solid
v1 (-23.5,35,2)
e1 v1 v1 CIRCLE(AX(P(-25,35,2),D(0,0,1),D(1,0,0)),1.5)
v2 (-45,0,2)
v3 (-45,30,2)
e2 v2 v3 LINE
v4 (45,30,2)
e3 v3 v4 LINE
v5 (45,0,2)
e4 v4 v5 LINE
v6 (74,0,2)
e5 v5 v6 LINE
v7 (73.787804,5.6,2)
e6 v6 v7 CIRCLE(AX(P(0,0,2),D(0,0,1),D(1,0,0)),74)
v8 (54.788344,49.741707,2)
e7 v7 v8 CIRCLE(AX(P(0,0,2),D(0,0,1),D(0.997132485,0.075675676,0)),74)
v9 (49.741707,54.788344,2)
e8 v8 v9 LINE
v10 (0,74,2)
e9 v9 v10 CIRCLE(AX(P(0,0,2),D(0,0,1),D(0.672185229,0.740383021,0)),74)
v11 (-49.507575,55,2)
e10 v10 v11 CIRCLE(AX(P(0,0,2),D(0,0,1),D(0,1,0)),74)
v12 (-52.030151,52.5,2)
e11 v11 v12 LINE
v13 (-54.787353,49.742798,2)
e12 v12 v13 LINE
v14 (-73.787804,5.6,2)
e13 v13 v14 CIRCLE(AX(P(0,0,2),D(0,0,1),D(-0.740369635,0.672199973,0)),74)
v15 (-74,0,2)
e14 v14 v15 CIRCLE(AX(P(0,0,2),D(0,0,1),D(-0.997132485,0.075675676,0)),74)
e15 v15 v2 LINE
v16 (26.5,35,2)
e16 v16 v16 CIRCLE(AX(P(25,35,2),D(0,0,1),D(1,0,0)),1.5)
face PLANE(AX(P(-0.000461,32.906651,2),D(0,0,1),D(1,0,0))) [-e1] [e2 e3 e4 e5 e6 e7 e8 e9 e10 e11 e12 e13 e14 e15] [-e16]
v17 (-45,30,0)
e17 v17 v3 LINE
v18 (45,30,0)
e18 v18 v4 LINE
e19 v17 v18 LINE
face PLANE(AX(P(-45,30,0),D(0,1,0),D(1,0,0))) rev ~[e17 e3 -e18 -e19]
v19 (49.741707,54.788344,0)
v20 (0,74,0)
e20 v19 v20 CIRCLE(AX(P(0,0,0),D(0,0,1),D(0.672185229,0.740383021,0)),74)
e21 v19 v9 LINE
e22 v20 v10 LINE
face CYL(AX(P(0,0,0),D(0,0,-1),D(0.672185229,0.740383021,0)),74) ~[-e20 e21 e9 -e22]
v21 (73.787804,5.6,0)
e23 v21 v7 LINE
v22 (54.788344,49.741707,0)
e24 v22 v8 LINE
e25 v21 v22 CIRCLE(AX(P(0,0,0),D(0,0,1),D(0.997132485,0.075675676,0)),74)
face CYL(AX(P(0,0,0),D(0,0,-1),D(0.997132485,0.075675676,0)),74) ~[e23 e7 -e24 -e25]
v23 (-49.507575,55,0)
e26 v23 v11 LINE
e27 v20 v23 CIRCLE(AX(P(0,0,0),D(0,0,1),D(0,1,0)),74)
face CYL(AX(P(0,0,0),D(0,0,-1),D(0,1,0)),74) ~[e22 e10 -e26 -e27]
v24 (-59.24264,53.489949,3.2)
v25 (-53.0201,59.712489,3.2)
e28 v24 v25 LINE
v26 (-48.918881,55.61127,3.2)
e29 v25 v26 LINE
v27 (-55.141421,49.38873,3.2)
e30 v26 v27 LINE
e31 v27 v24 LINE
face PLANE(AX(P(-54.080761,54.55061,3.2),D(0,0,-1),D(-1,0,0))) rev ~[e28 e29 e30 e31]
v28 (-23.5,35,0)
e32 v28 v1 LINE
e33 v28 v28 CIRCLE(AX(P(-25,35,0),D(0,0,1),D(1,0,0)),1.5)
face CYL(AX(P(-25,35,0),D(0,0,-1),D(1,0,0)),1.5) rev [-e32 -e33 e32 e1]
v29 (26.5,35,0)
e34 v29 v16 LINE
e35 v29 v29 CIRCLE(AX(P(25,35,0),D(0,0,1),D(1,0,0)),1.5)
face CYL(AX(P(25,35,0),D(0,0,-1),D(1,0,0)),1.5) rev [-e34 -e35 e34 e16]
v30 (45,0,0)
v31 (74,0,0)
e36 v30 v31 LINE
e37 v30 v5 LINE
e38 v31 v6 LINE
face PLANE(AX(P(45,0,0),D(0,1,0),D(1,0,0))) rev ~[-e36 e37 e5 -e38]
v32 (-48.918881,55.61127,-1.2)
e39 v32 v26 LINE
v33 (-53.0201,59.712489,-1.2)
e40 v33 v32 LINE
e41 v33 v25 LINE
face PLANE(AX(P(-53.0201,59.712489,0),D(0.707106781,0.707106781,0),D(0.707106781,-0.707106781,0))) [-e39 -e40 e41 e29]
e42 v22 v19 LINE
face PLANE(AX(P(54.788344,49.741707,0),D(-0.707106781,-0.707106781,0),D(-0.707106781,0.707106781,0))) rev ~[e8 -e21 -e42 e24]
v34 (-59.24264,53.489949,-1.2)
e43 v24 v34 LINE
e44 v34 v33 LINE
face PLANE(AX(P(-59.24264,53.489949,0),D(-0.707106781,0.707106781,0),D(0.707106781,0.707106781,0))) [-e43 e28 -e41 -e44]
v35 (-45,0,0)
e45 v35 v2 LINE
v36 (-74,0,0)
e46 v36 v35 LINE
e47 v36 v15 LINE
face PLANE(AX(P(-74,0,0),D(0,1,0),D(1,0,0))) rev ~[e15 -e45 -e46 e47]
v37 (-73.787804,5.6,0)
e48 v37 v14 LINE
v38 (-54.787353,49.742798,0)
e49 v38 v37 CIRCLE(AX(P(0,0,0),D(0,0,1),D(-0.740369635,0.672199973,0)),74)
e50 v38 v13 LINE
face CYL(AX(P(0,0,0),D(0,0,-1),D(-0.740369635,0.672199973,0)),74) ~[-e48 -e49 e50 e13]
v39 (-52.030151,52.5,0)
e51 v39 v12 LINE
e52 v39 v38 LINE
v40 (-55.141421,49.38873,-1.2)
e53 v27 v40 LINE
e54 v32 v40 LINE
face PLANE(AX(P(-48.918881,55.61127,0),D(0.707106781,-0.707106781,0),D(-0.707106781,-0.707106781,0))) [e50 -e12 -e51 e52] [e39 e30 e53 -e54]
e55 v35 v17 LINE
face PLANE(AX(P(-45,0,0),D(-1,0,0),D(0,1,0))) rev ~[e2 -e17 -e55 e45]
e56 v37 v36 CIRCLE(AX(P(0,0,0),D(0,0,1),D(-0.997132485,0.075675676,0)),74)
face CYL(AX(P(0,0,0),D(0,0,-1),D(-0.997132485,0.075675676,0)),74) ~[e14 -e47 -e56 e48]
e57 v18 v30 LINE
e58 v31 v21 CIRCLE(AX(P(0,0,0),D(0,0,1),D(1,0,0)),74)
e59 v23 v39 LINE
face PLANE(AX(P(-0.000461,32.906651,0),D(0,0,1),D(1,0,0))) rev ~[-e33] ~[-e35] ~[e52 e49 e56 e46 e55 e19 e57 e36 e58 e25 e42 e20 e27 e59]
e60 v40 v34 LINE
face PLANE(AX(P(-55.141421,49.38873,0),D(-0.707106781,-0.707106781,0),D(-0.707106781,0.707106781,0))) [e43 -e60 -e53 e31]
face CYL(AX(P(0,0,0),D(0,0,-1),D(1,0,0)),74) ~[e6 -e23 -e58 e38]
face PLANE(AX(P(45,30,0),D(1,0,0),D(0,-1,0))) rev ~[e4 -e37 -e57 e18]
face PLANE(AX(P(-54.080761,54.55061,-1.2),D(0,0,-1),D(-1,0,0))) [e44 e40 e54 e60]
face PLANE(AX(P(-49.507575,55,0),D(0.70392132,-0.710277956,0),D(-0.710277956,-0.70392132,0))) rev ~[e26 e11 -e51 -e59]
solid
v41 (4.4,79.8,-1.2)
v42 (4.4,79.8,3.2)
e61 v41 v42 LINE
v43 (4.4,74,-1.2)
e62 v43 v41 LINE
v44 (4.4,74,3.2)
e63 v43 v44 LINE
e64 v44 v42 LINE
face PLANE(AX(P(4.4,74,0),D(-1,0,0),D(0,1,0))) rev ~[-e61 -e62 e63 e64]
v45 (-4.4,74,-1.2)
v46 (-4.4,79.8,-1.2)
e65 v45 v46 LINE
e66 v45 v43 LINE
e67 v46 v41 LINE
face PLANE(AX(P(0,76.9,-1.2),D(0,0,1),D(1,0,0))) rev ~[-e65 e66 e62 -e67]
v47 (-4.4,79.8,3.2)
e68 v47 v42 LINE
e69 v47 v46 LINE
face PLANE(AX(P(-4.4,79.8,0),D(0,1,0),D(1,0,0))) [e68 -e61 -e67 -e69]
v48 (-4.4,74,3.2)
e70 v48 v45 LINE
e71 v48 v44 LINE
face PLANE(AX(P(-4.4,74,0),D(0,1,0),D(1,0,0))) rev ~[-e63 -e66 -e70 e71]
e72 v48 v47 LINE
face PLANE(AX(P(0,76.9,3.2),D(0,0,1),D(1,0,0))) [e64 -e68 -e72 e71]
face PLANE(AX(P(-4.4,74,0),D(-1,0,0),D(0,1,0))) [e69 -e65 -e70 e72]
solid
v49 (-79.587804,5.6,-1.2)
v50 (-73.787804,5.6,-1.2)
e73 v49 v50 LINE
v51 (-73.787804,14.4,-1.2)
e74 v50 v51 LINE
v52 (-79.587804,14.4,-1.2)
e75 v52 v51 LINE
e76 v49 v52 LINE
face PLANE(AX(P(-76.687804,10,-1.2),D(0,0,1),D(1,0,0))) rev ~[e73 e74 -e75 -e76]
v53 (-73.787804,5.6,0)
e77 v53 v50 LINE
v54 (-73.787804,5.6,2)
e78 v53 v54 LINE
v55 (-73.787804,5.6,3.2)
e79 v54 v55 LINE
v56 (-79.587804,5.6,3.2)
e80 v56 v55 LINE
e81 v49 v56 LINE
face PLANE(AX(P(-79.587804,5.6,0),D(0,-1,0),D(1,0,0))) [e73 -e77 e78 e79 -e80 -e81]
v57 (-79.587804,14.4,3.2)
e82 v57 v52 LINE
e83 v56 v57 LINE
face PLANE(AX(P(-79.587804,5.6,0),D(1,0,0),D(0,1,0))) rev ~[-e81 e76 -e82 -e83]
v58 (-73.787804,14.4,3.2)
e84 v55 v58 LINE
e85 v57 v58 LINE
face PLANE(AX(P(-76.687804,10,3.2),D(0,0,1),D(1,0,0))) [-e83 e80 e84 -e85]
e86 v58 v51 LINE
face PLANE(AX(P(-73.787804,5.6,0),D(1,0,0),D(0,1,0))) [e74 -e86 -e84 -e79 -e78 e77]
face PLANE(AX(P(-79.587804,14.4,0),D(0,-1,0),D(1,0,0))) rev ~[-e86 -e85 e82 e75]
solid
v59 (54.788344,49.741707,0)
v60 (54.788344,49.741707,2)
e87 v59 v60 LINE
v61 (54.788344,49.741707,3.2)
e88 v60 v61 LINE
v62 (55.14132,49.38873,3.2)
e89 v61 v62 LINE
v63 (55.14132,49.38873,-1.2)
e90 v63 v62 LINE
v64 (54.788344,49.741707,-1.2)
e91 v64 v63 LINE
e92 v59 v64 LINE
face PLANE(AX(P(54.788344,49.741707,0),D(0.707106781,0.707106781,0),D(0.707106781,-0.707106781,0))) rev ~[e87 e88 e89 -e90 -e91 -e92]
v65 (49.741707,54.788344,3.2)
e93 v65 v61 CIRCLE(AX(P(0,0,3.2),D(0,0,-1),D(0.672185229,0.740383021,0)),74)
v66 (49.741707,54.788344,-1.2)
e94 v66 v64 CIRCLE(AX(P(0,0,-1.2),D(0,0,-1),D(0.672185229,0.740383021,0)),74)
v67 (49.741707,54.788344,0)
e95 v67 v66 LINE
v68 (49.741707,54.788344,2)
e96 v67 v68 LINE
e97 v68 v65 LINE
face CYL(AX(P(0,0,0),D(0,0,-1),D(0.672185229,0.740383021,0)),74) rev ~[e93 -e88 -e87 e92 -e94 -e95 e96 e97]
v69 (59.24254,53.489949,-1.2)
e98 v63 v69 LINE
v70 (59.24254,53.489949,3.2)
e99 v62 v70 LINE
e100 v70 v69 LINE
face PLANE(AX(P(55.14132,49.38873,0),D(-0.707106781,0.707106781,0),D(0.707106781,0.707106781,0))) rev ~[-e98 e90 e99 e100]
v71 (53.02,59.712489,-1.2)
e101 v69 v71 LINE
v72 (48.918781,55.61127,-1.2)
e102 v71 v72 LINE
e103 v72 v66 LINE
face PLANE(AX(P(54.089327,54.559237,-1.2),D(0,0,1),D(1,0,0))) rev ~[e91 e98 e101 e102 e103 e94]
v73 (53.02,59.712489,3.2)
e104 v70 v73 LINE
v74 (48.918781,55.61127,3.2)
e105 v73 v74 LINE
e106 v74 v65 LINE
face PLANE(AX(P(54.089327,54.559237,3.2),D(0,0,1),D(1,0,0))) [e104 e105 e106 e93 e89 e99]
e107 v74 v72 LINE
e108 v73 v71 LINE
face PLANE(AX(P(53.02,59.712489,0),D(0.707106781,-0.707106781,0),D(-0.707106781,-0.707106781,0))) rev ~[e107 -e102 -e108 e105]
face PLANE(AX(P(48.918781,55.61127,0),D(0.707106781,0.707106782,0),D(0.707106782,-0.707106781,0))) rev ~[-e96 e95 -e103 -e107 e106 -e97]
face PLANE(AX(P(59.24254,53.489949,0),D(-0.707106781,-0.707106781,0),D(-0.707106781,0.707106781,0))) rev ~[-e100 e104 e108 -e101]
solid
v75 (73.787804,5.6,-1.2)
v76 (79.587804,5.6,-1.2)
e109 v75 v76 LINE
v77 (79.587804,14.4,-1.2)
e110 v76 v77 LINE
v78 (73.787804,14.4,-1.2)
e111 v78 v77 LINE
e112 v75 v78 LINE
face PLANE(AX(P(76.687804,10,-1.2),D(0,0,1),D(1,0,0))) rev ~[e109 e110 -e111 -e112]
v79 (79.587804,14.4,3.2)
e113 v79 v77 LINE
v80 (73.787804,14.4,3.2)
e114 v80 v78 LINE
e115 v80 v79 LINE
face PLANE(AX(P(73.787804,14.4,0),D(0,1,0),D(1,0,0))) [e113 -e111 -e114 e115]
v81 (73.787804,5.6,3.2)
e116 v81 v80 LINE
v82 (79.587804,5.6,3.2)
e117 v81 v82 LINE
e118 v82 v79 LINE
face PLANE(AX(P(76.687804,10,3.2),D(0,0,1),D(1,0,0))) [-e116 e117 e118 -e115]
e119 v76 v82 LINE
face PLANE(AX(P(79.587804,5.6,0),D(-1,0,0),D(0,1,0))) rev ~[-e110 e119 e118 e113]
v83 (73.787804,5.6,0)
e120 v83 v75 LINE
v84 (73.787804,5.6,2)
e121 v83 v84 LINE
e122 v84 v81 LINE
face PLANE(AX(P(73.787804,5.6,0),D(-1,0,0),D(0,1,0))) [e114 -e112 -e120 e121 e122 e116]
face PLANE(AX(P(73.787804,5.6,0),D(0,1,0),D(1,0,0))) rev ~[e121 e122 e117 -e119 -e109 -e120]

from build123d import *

# Parameters (mm, degrees)
ESQUISSE3_R             = 1.5
BOSS_EXTRU_1_DEPTH      = 2
BOSS_EXTRU_6_DEPTH      = 3.2
BOSS_EXTRU_6_DEPTH_BACK = 1.2
ESQUISSE3_3_W           = 5.8
ESQUISSE3_3_H           = 8.8
ESQUISSE3_3_W_2         = 8.8
ESQUISSE3_3_H_2         = 5.8


with BuildPart() as part:
    # Esquisse3 → Boss.-Extru.1 (new body)
    with BuildSketch(Plane.XY):
        with BuildLine():
            ThreePointArc((-73.78780387, 5.6), (-73.946931939, 2.802009422), (-74, 0))
            Line((-74, 0), (-45, 0))
            Line((-45, 0), (-45, 30))
            Line((-45, 30), (45, 30))
            Line((45, 30), (45, 0))
            Line((45, 0), (74, 0))
            ThreePointArc((74, 0), (73.946931939, 2.802009422), (73.78780387, 5.6))
            ThreePointArc((73.78780387, 5.6), (67.971162967, 29.256127647), (54.788343562, 49.741706945))
            Line((54.788343562, 49.741706945), (49.741706945, 54.788343562))
            ThreePointArc((49.741706945, 54.788343562), (26.661419471, 69.030201447), (0, 74))
            ThreePointArc((0, 74), (-26.514147167, 69.086901798), (-49.507575178, 55))
            Line((-49.507575178, 55), (-52.030150983, 52.5))
            Line((-52.030150983, 52.5), (-54.787353008, 49.742797975))
            ThreePointArc((-54.787353008, 49.742797975), (-67.970871665, 29.256804425), (-73.78780387, 5.6))
        make_face()
        with Locations((-25, 35)):
            Circle(ESQUISSE3_R, mode=Mode.SUBTRACT)
        with Locations((25, 35)):
            Circle(ESQUISSE3_R, mode=Mode.SUBTRACT)
    extrude(amount=BOSS_EXTRU_1_DEPTH)

    # Esquisse3<3> → Boss.-Extru.6 (add, two sides: drawn at the far end of the back side and taken through both)
    with BuildSketch(Plane.XY.offset(-BOSS_EXTRU_6_DEPTH_BACK)):
        with Locations((-76.68780387, 10)):
            Rectangle(ESQUISSE3_3_W, ESQUISSE3_3_H)
        with Locations((0, 76.9)):
            Rectangle(ESQUISSE3_3_W_2, ESQUISSE3_3_H_2)
        with Locations((76.68780387, 10)):
            Rectangle(ESQUISSE3_3_W, ESQUISSE3_3_H)
        Polygon((-48.918881146, 55.611269837), (-53.020100477, 59.712489168), (-59.242640151, 53.489949494), (-55.14142082, 49.388730163), align=None)
        with BuildLine():
            Line((48.918780669, 55.611269837), (49.741706945, 54.788343562))
            ThreePointArc((49.741706945, 54.788343562), (52.325901808, 52.325901808), (54.788343562, 49.741706945))
            Line((54.788343562, 49.741706945), (55.141320344, 49.388730163))
            Line((55.141320344, 49.388730163), (59.242539674, 53.489949494))
            Line((59.242539674, 53.489949494), (53.02, 59.712489168))
            Line((53.02, 59.712489168), (48.918780669, 55.611269837))
        make_face()
    extrude(amount=BOSS_EXTRU_6_DEPTH + BOSS_EXTRU_6_DEPTH_BACK)


with BuildPart() as boss_extru_6_piece_1:
    # of the separate pieces the step leaves, piece 1, a body of its own (boss_extru_6_pieces)
    add(part.part.solids().sort_by_distance((-52.030150983, 52.5, 2))[0])


with BuildPart() as boss_extru_6_piece_2:
    # of the separate pieces the step leaves, piece 2, a body of its own (boss_extru_6_pieces)
    add(part.part.solids().sort_by_distance((-79.58780387, 5.6, 3.2))[0])


with BuildPart() as boss_extru_6_piece_3:
    # of the separate pieces the step leaves, piece 3, a body of its own (boss_extru_6_pieces)
    add(part.part.solids().sort_by_distance((73.78780387, 14.4, 3.2))[0])


with BuildPart() as boss_extru_6_piece_4:
    # of the separate pieces the step leaves, piece 4, a body of its own (boss_extru_6_pieces)
    add(part.part.solids().sort_by_distance((-4.4, 74, 3.2))[0])


with BuildPart() as boss_extru_6_piece_5:
    # of the separate pieces the step leaves, piece 5, a body of its own (boss_extru_6_pieces)
    add(part.part.solids().sort_by_distance((54.788343562, 49.741706945, 3.2))[0])


solid = Compound([boss_extru_6_piece_1.part, boss_extru_6_piece_2.part, boss_extru_6_piece_3.part, boss_extru_6_piece_4.part, boss_extru_6_piece_5.part])
